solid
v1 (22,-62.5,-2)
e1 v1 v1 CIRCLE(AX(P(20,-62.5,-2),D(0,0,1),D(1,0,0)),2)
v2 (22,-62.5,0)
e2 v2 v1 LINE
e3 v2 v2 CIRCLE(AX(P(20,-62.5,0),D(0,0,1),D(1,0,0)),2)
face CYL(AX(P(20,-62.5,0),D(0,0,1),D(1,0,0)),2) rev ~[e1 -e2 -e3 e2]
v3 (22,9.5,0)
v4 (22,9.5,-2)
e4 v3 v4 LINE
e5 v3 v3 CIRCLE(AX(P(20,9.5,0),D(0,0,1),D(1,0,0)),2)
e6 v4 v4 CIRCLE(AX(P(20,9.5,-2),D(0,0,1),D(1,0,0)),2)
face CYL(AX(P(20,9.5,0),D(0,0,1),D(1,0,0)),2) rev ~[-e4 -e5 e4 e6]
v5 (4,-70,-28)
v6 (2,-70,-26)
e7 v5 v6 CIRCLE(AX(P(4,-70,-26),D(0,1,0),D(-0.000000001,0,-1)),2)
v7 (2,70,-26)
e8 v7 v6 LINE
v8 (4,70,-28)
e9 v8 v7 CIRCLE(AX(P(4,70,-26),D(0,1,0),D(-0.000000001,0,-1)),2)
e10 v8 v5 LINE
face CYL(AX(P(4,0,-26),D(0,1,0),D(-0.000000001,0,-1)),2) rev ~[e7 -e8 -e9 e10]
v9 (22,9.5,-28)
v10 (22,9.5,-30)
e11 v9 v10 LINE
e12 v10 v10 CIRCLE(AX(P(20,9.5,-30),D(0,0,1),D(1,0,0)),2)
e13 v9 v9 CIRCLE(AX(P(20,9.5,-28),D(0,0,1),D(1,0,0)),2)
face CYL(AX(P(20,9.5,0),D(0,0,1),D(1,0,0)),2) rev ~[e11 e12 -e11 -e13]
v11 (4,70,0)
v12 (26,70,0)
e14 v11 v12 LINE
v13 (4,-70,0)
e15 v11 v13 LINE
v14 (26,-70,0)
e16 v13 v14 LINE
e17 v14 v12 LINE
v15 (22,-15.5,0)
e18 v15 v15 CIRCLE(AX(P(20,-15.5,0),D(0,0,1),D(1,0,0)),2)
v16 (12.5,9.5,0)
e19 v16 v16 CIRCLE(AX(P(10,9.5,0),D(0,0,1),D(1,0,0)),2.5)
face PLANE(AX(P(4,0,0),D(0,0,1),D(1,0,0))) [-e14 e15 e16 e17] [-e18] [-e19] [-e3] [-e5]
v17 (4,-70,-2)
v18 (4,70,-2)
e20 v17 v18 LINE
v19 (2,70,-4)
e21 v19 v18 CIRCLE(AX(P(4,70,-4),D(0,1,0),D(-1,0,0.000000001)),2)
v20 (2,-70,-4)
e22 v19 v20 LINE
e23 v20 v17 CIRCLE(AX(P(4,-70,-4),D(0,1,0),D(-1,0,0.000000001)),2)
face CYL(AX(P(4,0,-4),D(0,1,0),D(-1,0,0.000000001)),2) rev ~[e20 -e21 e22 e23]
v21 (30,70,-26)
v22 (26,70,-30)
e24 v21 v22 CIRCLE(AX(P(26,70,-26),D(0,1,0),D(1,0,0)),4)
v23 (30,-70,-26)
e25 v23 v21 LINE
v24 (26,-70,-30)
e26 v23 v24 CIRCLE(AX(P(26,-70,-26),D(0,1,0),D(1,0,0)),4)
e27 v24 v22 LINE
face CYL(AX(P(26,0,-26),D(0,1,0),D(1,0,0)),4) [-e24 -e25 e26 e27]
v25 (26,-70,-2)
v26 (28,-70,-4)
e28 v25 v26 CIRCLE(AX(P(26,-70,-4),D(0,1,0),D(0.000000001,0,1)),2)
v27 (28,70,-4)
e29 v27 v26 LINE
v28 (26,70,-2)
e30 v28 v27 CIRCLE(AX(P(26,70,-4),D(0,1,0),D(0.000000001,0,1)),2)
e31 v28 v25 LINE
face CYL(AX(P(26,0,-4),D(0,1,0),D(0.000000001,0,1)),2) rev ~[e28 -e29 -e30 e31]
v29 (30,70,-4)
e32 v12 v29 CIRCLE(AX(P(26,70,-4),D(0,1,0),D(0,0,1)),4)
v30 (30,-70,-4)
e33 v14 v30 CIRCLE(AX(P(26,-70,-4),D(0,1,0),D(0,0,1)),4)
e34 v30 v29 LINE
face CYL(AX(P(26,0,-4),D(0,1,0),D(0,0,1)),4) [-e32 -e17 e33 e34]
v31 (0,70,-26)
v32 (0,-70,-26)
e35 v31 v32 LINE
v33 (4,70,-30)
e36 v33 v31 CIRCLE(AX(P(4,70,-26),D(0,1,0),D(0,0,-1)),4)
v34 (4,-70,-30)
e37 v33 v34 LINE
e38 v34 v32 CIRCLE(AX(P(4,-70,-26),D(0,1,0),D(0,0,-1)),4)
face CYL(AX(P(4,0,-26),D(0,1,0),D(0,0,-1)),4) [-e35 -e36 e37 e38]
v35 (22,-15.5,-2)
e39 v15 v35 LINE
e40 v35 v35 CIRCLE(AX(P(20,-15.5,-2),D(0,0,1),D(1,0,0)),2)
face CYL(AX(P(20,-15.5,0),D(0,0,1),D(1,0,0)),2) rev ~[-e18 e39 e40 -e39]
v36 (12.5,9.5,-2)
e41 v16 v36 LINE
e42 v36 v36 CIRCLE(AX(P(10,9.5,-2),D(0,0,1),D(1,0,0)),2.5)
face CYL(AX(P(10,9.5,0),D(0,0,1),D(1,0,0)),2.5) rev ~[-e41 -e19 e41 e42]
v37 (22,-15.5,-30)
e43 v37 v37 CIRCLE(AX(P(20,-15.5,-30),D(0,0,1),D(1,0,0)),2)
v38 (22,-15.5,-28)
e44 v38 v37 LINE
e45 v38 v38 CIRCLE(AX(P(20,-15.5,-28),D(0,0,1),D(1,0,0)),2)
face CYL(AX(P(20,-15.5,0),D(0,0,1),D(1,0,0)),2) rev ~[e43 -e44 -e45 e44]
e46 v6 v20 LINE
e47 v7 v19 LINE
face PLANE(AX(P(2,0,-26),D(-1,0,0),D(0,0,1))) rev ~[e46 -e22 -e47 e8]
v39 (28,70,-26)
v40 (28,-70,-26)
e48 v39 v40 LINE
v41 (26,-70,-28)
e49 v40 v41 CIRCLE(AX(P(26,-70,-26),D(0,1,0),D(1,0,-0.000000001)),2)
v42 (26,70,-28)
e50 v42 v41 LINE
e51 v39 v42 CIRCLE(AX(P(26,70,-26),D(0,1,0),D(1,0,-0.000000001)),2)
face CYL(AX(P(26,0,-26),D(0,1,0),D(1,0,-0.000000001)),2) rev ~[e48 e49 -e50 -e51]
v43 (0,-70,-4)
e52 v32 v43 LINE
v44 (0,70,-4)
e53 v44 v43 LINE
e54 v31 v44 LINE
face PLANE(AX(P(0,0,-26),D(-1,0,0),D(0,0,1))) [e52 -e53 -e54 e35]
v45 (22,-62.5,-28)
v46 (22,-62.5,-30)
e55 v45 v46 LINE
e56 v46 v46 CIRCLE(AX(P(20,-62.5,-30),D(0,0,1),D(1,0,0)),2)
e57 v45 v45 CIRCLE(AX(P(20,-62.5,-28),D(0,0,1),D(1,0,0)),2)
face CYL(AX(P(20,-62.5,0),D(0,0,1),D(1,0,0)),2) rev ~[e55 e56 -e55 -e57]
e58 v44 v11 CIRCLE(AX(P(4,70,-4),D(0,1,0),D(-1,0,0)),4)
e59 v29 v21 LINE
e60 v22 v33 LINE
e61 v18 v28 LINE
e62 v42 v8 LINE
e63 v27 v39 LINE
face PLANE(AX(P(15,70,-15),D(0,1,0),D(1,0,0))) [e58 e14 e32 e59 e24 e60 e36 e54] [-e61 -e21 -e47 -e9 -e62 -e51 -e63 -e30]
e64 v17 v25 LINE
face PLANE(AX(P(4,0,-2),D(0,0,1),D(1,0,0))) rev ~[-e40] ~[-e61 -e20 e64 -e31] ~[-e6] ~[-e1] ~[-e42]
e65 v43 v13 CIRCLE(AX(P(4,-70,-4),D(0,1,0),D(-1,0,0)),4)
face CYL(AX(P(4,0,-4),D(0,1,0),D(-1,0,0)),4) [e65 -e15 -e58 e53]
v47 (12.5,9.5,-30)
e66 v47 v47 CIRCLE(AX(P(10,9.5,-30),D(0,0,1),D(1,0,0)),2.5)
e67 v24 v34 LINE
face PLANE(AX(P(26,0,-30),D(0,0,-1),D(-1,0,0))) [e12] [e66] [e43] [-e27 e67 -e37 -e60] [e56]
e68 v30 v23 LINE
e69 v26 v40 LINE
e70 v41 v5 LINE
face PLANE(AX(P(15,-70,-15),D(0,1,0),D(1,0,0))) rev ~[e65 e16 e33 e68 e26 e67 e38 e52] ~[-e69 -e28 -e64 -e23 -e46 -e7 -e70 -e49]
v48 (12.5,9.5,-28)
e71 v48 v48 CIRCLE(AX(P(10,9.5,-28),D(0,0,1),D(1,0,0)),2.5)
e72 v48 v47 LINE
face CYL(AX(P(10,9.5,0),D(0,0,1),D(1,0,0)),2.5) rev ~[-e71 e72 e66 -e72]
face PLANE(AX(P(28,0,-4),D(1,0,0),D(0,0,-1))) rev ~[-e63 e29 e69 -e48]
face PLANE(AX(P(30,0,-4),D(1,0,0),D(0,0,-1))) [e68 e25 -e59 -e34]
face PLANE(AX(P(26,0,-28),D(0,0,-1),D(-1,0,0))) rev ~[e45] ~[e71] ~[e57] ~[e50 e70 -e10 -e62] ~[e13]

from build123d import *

# Parameters (mm, degrees)
EXTRUDE_1_DEPTH     = 70
SKETCH_3_R          = 2.5
SKETCH_3_R_2        = 2
CUT_EXTRUDE_1_DEPTH = 82.853527719


with BuildPart() as part:
    # 草图2 → 凸台-拉伸1 (new, symmetric)
    with BuildSketch(Plane(origin=(0, 0, 0), x_dir=(1, 0, 0), z_dir=(0, 1, 0))):
        with BuildLine():
            Line((4, 0), (26, 0))
            ThreePointArc((26, 0), (28.828427125, 1.171572875), (30, 4))
            Line((30, 4), (30, 26))
            ThreePointArc((30, 26), (28.828427125, 28.828427125), (26, 30))
            Line((26, 30), (4, 30))
            ThreePointArc((4, 30), (1.171572875, 28.828427125), (0, 26))
            Line((0, 26), (0, 4))
            ThreePointArc((0, 4), (1.171572875, 1.171572875), (4, 0))
        make_face()
        with BuildLine():
            Line((4, 2), (26, 2))
            ThreePointArc((26, 2), (27.414213562, 2.585786438), (28, 4))
            Line((28, 4), (28, 26))
            ThreePointArc((28, 26), (27.414213562, 27.414213562), (26, 28))
            Line((26, 28), (4, 28))
            ThreePointArc((4, 28), (2.585786438, 27.414213562), (2, 26))
            Line((2, 26), (2, 4))
            ThreePointArc((2, 4), (2.585786438, 2.585786438), (4, 2))
        make_face(mode=Mode.SUBTRACT)
    extrude(amount=EXTRUDE_1_DEPTH, both=True)

    # 草图3 → 切除-拉伸1 (cut, through all)
    with BuildSketch(Plane.XY):
        with Locations((10, 9.5)):
            Circle(SKETCH_3_R)
        with Locations((20, 9.5)):
            Circle(SKETCH_3_R_2)
        with Locations((20, -15.5)):
            Circle(SKETCH_3_R_2)
        with Locations((20, -62.5)):
            Circle(SKETCH_3_R_2)
    extrude(amount=-CUT_EXTRUDE_1_DEPTH, mode=Mode.SUBTRACT)


solid = part.part
